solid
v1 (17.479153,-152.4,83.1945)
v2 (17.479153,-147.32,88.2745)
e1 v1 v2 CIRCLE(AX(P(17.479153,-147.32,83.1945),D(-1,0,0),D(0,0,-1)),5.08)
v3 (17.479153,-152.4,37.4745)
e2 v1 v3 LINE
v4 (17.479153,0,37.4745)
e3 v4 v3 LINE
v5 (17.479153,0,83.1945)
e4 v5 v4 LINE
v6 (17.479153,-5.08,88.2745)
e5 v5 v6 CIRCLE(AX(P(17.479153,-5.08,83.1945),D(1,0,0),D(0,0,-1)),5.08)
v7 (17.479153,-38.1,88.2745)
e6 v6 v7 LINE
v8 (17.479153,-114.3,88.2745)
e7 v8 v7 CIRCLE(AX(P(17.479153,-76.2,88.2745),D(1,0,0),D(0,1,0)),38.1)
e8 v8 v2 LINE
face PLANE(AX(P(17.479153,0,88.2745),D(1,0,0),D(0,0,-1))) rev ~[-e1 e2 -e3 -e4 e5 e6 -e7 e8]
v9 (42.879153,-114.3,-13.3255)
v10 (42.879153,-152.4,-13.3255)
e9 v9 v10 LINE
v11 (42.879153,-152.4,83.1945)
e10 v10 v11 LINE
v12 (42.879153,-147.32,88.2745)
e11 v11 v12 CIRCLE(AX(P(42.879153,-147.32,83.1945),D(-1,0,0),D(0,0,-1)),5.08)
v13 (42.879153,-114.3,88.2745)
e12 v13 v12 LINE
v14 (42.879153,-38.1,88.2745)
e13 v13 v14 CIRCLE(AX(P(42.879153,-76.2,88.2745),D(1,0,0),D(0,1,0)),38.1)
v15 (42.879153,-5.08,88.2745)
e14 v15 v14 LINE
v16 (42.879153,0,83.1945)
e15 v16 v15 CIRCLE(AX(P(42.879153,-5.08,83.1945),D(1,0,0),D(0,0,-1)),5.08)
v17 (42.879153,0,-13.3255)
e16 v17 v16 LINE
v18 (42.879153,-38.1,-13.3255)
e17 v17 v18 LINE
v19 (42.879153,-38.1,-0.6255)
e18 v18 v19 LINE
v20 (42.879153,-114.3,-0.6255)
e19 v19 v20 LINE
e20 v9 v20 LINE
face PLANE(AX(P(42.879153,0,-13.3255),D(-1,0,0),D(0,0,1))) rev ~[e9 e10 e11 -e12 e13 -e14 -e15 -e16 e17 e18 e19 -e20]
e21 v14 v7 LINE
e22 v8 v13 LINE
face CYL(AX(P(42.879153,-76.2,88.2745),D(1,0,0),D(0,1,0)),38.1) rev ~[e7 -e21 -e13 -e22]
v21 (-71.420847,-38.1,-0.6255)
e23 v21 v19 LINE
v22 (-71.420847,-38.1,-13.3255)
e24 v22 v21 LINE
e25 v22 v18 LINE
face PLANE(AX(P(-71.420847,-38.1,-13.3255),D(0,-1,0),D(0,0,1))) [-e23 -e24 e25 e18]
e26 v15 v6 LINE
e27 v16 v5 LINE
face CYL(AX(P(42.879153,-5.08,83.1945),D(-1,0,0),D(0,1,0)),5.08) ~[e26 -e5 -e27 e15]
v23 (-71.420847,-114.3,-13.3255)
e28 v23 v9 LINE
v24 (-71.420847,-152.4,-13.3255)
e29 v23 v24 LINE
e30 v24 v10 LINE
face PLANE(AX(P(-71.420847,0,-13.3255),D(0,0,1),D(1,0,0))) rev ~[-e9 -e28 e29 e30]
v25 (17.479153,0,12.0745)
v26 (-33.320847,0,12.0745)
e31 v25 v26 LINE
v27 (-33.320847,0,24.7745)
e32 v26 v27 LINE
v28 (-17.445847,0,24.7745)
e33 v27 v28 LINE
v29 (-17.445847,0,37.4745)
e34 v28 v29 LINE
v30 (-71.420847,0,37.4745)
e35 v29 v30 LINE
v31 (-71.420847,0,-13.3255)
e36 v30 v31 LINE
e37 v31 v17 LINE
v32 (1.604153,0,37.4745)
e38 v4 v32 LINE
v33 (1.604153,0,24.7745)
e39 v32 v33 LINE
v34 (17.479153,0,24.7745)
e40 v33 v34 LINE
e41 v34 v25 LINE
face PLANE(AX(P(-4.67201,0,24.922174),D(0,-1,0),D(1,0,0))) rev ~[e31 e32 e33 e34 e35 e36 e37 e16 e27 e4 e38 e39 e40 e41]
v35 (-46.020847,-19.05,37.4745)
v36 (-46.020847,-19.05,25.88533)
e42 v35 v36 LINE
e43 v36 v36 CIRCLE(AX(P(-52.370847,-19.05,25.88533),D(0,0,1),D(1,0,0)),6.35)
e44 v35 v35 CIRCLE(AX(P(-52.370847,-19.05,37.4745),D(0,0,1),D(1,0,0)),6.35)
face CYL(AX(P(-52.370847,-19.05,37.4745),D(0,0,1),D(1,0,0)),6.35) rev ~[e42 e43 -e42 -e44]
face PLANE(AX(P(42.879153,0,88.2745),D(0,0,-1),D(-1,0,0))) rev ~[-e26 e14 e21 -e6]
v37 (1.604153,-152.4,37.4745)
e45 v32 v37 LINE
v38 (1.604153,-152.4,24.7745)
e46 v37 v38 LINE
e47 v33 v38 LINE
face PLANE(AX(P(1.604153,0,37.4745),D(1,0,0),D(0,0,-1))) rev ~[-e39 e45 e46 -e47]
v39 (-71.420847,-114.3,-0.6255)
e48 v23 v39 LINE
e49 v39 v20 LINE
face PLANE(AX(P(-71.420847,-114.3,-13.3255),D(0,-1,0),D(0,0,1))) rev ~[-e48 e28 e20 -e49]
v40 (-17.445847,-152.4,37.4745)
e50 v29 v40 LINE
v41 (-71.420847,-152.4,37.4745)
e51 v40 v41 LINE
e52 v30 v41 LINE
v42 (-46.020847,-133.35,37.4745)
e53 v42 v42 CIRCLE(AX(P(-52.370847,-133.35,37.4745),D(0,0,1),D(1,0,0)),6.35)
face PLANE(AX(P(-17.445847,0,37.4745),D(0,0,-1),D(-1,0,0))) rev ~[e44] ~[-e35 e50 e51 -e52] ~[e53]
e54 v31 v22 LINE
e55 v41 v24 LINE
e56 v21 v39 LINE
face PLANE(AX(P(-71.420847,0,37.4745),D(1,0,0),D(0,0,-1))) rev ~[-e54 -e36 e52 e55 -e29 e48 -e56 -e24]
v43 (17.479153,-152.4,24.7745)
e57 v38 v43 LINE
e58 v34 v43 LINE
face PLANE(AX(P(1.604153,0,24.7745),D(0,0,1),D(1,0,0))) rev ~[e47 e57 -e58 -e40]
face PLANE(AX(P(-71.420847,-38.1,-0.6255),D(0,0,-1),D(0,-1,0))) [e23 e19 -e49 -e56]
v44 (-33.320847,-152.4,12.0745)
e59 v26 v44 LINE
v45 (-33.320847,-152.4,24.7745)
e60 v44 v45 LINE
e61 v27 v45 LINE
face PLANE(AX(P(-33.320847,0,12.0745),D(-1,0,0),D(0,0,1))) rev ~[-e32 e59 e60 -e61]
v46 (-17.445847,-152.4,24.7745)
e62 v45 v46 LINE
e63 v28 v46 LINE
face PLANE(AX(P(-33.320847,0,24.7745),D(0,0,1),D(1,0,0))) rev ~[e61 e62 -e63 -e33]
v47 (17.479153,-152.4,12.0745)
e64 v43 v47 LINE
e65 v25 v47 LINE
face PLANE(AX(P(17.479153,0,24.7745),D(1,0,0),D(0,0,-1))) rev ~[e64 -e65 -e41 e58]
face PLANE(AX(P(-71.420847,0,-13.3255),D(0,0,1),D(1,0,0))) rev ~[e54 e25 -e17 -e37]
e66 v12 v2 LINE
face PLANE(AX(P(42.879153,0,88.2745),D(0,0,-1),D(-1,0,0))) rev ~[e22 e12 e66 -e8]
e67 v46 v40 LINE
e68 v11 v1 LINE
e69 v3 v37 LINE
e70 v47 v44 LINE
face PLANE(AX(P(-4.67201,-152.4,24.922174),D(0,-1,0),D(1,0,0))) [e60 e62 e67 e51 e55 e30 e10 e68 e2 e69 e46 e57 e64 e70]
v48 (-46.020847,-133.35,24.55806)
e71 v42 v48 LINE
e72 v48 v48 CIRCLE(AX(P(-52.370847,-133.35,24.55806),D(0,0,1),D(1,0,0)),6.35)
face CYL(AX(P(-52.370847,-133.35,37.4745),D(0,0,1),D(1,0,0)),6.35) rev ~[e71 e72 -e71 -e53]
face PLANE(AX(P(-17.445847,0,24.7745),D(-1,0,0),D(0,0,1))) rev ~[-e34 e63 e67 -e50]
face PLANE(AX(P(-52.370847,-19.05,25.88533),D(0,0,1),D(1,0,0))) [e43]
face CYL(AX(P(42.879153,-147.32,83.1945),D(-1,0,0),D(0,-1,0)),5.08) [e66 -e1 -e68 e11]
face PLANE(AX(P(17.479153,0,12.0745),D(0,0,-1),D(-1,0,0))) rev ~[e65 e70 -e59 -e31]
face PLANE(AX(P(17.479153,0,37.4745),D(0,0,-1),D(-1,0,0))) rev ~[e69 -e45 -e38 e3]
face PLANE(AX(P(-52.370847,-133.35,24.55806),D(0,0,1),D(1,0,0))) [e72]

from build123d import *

# Parameters (mm, degrees)
F1_DEPTH = 152.4
F2_W     = 76.2
F2_H     = 12.7
F3_DEPTH = 127
F4_R     = 6.35
F5_DEPTH = 11.58917
F6_DEPTH = 12.91644
F7_R     = 38.1
F8_DEPTH = 25.4
F9_R     = 5.08


with BuildPart() as f1:
    # F0 (on Front) → F1 (new body)
    with BuildSketch(Plane.XZ):
        Polygon((-17.445847, 37.4745), (-71.420847, 37.4745), (-71.420847, -13.3255), (42.879153, -13.3255), (42.879153, 88.2745), (17.479153, 88.2745), (17.479153, 37.4745), (1.604153, 37.4745), (1.604153, 24.7745), (17.479153, 24.7745), (17.479153, 12.0745), (-33.320847, 12.0745), (-33.320847, 24.7745), (-17.445847, 24.7745), align=None)
    extrude(amount=F1_DEPTH)

    # F2 (on face) → F3 (cut)
    with BuildSketch(Plane(origin=(-71.420847, 0, 0), x_dir=(0, -1, 0), z_dir=(-1, 0, 0))):
        with Locations((76.2, -6.9755)):
            Rectangle(F2_W, F2_H)
    extrude(amount=-F3_DEPTH, mode=Mode.SUBTRACT)

    # F4 (on face) → F5 (cut)
    with BuildSketch(Plane.XY.offset(37.4745)):
        with Locations((-52.370847, -19.05)):
            Circle(F4_R)
    extrude(amount=-F5_DEPTH, mode=Mode.SUBTRACT)

    # F4 (on face) → F6 (cut)
    with BuildSketch(Plane.XY.offset(37.4745)):
        with Locations((-52.370847, -133.35)):
            Circle(F4_R)
    extrude(amount=-F6_DEPTH, mode=Mode.SUBTRACT)

    # F7 (on face) → F8 (cut)
    with BuildSketch(Plane.YZ.offset(42.879153)):
        with Locations((-76.2, 88.2745)):
            Circle(F7_R)
    extrude(amount=-F8_DEPTH, mode=Mode.SUBTRACT)

    # F9
    f9_edges = [f1.edges().sort_by_distance(p)[0] for p in [
        (30.179153, 0, 88.2745),
        (30.179153, -152.4, 88.2745),
    ]]
    fillet(f9_edges, radius=F9_R)


solid = f1.part
